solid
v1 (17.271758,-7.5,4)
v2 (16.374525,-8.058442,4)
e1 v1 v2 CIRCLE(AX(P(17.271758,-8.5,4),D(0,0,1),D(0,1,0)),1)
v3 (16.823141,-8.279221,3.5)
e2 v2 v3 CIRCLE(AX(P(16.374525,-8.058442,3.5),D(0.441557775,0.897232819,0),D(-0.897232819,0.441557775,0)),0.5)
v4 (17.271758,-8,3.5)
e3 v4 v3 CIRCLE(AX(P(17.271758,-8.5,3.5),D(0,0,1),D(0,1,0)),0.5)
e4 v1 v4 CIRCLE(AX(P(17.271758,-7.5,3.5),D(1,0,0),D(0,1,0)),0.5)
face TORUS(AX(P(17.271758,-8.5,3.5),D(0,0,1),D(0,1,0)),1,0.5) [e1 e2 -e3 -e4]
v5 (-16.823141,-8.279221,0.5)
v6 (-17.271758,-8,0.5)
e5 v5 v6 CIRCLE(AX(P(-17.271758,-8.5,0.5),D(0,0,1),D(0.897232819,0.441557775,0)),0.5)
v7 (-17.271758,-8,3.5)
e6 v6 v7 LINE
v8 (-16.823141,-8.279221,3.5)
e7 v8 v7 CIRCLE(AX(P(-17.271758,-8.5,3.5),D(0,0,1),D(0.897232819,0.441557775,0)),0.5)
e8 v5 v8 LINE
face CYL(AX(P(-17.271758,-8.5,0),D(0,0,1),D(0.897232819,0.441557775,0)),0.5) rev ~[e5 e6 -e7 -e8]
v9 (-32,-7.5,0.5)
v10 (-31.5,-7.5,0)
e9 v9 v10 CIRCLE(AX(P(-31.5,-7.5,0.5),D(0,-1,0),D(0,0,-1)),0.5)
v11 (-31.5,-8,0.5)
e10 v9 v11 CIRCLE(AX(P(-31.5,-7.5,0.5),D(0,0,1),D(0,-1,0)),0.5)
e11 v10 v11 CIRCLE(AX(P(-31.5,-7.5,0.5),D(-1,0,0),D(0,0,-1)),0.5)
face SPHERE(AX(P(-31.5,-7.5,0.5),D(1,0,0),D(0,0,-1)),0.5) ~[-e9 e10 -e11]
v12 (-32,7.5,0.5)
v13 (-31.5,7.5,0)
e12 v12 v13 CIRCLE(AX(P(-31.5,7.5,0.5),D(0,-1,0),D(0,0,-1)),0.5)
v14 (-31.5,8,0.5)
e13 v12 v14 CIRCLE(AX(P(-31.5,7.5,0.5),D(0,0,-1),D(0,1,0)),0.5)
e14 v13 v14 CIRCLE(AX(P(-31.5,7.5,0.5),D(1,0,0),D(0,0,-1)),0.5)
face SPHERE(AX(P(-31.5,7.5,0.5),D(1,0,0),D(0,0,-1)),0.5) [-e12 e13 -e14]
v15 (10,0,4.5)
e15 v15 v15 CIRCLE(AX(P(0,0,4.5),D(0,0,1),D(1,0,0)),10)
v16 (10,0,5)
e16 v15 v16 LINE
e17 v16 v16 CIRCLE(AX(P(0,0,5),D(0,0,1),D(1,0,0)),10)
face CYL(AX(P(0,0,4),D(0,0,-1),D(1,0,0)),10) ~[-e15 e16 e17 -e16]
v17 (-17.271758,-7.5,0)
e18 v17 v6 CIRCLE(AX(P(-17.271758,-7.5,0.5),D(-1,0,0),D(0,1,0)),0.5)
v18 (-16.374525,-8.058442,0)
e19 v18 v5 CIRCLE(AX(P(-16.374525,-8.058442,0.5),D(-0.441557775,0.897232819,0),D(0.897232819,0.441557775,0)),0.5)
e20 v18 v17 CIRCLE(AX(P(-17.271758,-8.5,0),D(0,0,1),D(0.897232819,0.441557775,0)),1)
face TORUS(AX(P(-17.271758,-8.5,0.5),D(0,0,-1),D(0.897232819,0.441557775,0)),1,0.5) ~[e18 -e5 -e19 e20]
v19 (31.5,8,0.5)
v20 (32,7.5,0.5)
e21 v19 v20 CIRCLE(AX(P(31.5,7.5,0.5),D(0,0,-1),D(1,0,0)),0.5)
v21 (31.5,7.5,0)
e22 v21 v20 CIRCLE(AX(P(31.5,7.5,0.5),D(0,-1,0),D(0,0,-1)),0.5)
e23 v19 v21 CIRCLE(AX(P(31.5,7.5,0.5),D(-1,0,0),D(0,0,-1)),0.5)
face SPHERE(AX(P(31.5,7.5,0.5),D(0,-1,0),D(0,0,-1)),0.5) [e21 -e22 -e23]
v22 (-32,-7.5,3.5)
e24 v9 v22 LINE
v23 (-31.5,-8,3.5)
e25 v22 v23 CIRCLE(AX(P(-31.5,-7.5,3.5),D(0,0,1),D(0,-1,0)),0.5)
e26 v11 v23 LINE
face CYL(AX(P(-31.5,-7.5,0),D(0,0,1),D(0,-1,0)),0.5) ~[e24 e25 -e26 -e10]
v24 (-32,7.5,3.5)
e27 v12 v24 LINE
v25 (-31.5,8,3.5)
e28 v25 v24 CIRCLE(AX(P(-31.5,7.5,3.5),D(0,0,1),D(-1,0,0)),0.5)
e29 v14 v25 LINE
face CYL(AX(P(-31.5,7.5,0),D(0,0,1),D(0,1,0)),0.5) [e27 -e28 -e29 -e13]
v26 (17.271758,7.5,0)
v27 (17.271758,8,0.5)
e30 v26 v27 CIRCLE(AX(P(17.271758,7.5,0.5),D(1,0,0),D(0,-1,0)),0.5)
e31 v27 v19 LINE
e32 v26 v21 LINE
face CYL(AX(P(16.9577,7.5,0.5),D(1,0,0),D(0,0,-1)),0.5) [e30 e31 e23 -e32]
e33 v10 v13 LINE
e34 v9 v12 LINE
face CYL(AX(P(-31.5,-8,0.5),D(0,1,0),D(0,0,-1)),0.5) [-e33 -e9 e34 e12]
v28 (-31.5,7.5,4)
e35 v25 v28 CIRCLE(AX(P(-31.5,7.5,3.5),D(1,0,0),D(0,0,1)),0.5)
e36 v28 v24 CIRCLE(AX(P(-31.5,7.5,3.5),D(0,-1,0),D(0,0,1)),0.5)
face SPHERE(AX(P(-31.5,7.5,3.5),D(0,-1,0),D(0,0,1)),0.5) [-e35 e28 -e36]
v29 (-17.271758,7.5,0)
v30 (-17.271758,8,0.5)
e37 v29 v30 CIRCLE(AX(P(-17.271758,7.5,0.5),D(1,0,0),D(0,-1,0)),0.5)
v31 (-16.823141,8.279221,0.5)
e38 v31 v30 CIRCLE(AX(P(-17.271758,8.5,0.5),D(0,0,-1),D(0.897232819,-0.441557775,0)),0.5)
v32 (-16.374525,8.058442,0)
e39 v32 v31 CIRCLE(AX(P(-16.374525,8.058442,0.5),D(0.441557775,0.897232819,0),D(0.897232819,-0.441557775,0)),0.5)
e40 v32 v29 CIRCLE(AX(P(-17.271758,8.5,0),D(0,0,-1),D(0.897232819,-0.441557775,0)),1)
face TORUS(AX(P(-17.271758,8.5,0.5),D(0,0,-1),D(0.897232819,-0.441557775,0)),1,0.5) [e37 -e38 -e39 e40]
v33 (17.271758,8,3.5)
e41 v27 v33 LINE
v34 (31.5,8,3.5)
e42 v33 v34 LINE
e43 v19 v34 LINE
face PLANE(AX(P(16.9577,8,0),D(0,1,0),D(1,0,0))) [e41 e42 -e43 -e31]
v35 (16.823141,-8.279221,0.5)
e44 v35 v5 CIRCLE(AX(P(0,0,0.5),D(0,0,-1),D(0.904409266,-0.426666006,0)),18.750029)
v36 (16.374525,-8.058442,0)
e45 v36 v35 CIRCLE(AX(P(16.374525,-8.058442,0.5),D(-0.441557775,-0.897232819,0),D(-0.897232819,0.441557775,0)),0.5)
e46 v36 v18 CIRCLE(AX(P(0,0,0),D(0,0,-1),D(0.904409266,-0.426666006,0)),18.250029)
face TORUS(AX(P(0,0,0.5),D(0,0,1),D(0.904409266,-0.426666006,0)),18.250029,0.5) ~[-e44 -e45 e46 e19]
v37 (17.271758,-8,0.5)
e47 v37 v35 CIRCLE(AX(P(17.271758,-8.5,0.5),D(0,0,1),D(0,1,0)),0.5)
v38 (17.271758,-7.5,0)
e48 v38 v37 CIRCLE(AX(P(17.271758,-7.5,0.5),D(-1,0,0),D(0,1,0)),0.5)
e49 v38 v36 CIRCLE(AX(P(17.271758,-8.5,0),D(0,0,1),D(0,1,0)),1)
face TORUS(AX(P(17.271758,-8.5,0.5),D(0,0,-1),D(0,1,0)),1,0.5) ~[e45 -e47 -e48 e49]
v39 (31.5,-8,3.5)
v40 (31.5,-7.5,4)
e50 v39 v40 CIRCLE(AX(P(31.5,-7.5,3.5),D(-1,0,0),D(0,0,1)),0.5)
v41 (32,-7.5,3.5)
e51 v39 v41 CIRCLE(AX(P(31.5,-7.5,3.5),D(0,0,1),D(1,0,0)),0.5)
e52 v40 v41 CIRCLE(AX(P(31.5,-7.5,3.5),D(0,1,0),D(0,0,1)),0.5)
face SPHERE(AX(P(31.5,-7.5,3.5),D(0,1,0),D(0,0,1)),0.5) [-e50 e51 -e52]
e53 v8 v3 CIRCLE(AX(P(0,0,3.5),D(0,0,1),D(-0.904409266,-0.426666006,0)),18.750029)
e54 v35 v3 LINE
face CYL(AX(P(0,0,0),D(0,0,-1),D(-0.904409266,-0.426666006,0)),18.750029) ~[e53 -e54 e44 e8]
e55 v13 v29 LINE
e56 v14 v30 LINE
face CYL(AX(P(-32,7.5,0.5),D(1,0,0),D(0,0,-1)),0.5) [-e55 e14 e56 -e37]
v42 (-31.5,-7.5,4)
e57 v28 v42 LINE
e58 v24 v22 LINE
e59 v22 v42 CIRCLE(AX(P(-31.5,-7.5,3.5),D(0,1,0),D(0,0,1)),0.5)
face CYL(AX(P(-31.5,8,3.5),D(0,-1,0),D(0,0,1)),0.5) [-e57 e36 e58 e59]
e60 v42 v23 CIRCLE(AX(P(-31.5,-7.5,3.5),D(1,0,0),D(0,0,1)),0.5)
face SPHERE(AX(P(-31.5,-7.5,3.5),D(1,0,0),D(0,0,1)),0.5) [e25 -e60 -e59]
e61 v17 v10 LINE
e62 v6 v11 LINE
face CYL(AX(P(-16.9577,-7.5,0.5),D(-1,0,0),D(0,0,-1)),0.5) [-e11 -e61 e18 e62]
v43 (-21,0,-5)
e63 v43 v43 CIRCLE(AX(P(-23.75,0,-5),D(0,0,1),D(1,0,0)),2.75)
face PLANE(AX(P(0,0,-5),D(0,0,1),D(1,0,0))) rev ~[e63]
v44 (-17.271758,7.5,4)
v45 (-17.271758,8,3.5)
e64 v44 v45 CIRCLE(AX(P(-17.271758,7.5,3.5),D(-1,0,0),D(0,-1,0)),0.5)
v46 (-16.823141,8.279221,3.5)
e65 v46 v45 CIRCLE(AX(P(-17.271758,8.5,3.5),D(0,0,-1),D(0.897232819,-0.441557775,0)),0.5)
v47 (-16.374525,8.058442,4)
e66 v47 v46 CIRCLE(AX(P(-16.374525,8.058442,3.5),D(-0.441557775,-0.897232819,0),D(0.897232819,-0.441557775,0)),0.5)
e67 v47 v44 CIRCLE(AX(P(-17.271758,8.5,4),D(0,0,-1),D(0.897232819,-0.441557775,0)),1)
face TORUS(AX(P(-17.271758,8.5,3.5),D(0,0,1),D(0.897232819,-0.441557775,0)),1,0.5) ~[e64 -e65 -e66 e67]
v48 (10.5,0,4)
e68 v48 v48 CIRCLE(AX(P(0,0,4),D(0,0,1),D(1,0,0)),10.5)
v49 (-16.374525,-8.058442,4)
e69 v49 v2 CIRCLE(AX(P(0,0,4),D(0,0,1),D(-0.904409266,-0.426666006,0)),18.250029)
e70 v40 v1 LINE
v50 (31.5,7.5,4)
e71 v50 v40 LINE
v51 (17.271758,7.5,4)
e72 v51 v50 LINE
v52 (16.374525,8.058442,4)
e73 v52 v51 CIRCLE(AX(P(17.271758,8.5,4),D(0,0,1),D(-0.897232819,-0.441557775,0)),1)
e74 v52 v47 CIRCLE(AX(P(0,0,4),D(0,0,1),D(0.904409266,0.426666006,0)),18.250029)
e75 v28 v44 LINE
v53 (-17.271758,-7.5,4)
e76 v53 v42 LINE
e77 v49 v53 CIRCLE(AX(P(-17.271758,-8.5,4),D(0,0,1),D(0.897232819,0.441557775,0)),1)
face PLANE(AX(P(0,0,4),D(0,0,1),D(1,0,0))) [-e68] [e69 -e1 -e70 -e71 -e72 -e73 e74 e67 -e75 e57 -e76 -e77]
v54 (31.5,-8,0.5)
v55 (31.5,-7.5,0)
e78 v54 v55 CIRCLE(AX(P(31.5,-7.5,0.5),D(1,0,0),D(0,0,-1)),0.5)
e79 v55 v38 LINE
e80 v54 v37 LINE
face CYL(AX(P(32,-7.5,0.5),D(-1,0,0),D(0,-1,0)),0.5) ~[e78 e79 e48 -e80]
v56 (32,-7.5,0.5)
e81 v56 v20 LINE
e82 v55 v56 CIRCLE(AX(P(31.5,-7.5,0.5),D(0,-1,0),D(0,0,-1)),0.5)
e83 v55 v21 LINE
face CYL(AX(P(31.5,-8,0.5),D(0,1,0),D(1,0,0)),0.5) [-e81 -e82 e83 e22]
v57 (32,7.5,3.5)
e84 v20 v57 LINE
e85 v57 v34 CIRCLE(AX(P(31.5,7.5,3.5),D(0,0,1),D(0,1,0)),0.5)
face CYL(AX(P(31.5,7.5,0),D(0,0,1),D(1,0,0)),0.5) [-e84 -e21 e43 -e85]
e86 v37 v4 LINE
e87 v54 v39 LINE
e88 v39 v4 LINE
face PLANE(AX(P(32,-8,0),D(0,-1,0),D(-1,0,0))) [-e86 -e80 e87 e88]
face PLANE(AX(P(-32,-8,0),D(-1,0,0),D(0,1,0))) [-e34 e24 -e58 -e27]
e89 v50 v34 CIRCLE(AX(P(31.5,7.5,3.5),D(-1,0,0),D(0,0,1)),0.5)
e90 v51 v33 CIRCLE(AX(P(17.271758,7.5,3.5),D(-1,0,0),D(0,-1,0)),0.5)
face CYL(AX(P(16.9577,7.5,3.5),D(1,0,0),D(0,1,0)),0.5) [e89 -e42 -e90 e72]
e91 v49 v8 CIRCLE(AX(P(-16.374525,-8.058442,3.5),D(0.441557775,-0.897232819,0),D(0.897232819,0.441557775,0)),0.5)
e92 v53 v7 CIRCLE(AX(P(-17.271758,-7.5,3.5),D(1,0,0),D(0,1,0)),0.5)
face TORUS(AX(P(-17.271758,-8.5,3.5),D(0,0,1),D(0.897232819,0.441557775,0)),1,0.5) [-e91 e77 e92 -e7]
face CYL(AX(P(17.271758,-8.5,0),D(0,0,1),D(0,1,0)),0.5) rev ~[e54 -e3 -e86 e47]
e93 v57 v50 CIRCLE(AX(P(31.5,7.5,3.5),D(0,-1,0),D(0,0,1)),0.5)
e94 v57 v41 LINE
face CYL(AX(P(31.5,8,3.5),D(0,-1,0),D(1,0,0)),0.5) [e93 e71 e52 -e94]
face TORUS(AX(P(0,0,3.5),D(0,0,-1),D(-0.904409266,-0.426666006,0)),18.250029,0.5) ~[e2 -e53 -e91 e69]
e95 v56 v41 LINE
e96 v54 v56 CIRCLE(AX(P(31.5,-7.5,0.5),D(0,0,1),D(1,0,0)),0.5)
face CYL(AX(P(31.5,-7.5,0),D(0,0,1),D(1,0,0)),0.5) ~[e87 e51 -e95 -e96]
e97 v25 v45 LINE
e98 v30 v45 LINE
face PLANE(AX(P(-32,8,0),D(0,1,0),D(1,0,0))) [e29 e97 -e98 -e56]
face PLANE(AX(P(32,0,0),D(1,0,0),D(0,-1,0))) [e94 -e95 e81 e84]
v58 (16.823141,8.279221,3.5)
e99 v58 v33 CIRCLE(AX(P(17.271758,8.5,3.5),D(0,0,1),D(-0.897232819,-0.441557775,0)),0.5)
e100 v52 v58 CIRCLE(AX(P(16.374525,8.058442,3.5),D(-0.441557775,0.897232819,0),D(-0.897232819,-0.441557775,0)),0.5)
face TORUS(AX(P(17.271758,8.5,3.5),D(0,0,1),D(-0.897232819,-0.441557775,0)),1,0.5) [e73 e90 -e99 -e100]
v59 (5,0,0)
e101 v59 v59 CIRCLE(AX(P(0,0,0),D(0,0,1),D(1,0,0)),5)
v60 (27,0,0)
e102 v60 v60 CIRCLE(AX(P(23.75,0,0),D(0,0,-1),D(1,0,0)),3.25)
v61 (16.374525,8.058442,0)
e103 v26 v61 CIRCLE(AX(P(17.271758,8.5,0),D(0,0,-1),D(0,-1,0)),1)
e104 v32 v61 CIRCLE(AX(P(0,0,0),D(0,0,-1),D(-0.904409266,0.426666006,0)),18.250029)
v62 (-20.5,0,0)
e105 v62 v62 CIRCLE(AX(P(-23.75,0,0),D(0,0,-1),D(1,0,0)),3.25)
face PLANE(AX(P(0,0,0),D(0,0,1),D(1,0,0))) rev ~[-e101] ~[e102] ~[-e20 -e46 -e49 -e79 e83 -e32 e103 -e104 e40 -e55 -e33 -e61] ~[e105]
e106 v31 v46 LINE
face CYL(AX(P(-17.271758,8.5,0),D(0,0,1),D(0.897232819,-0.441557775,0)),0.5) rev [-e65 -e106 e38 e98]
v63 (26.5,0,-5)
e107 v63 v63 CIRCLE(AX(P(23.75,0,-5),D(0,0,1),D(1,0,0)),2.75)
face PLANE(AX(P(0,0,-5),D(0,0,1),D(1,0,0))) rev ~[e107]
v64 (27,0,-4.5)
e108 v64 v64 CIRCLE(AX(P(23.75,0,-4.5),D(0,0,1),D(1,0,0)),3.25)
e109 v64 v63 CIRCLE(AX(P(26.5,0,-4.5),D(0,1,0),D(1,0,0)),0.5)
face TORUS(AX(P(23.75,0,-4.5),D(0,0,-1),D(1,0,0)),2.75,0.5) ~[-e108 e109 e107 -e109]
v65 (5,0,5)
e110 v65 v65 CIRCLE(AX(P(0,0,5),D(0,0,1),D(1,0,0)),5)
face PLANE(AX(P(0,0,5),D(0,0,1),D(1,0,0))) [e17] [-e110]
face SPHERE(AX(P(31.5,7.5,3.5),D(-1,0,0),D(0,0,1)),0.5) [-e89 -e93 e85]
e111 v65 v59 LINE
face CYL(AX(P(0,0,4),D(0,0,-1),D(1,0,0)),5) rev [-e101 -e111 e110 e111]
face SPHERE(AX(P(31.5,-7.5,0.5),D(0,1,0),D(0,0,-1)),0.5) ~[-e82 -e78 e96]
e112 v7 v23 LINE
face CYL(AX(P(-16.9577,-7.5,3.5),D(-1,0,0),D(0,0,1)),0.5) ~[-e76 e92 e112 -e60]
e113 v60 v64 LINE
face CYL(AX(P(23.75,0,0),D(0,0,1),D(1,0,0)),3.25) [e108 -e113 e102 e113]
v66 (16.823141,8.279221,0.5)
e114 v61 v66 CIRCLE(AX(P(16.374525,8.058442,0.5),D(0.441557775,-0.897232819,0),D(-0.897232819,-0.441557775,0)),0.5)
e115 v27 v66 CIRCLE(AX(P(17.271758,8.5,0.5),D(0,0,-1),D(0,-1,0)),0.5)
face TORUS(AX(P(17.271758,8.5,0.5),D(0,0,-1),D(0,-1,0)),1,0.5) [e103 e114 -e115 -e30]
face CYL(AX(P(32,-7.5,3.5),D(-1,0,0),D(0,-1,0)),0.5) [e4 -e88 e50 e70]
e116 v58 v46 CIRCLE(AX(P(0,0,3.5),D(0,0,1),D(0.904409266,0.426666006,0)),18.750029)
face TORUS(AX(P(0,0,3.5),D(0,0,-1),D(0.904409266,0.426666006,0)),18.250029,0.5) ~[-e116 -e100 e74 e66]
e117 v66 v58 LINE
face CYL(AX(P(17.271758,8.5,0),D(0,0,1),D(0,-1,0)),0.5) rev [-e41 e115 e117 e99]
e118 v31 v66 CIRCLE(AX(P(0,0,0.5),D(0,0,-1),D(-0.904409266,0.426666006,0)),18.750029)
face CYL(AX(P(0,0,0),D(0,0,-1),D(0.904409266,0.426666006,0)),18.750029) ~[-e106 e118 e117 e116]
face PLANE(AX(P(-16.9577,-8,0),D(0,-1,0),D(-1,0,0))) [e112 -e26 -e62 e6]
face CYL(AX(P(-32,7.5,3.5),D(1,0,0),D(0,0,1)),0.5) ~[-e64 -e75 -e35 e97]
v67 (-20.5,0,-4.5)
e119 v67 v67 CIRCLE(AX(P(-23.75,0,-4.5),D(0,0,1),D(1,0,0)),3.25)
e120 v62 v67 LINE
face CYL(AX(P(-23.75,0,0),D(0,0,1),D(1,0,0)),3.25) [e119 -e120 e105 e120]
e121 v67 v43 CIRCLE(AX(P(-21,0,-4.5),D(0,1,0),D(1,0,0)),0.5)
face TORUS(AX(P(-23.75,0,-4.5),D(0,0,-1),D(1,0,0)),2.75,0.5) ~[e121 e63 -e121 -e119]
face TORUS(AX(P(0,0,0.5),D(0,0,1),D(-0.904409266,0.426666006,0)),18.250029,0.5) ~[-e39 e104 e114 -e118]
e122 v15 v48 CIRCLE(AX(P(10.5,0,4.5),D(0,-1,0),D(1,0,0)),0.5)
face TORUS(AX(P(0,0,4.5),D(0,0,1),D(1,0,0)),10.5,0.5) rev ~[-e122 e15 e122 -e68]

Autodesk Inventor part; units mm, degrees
ref_plane "YZ Plane" through (0, 0, 0) normal (1, 0, 0) x (0, 1, 0)
ref_plane "XZ Plane" through (0, 0, 0) normal (0, 1, 0) x (-1, 0, 0)
ref_plane "XY Plane" through (0, 0, 0) normal (0, 0, 1) x (1, 0, 0)
sketch "Sketch1" plane through (0, 0, 0) normal (0, 0, 1) x (1, 0, 0)
  circle A0 centre (0, 0) radius 5
  circle A1 centre (-23.75, 0) radius 3.25
  line L0 (-20.5, 0) -> (-20.5, 3.4324)
  line L1 (-27, 0) -> (-27, 3.2184)
  line L2 (-44.8, 0) -> (44.8, 0) projected
  line L3 (0, 26.25) -> (0, -26.25) projected
  circle A2 centre (23.75, 0) radius 3.25
  line L4 (32, 8) -> (32, -8)
  line L5 (-32, -8) -> (-32, 8)
  arc A3 (-16.9577, -8) -> (16.9577, -8) centre (0, 0) ccw
  arc A4 (16.9577, 8) -> (-16.9577, 8) centre (0, 0) ccw
  line L6 (32, -8) -> (16.9577, -8)
  line L7 (-16.9577, -8) -> (-32, -8)
  line L8 (-32, 8) -> (-16.9577, 8)
  line L9 (16.9577, 8) -> (32, 8)
  dimension "d0" = 10
  dimension "d4" = 20.5
  dimension "d5" = 27
  dimension "d9" = 5
  dimension "d10" = 18.75
  dimension "d11" = 18.75
extrude "Extrusion1" add sketch "Sketch1" along normal blind 4 contours L2 A2 L4 L6 A3 L3 A0 | A0 L3 A4 L9 L4 L2 A2 | A0 L2 A1 L5 L8 A4 L3 | L3 A3 L7 L5 L2 A1 A0 | A2 L2 | L2 A2 | L2 A1 | A1 L2
extrude "Extrusion2" add sketch "Sketch1" against normal blind 5 contours A2 L2 | L2 A2 | L2 A1 | A1 L2
fillet "Fillet1" radius 0.5 26 edges at (0, 18.75, 4) (24.4788, 8, 4) (32, 0, 4) (24.4788, -8, 4) (0, -18.75, 4) (-24.4788, -8, 4) (-32, 0, 4) (-24.4788, 8, 4) (32, 0, 0) (24.4788, 8, 0) (0, 18.75, 0) (24.4788, -8, 0) (0, -18.75, 0) (-24.4788, -8, 0) (-24.4788, 8, 0) (-32, 0, 0) (-32, -8, 2) (-32, 8, 2) (32, 8, 2) (32, -8, 2) (16.9577, -8, 2) (-16.9577, -8, 2) (-16.9577, 8, 2) (16.9577, 8, 2) (20.5, 0, -5) (-27, 0, -5)
sketch "Sketch2" plane through (0, 0, 4) normal (0, 0, 1) x (1, 0, 0)
  circle A0 centre (0, 0) radius 10
  circle A1 centre (0, 0) radius 5 projected
  dimension "d17" = 5
extrude "Extrusion3" add sketch "Sketch2" along normal blind 1
fillet "Fillet2" radius 0.5 1 edges at (-10, 0, 4)
properties part number "Steering Front"
